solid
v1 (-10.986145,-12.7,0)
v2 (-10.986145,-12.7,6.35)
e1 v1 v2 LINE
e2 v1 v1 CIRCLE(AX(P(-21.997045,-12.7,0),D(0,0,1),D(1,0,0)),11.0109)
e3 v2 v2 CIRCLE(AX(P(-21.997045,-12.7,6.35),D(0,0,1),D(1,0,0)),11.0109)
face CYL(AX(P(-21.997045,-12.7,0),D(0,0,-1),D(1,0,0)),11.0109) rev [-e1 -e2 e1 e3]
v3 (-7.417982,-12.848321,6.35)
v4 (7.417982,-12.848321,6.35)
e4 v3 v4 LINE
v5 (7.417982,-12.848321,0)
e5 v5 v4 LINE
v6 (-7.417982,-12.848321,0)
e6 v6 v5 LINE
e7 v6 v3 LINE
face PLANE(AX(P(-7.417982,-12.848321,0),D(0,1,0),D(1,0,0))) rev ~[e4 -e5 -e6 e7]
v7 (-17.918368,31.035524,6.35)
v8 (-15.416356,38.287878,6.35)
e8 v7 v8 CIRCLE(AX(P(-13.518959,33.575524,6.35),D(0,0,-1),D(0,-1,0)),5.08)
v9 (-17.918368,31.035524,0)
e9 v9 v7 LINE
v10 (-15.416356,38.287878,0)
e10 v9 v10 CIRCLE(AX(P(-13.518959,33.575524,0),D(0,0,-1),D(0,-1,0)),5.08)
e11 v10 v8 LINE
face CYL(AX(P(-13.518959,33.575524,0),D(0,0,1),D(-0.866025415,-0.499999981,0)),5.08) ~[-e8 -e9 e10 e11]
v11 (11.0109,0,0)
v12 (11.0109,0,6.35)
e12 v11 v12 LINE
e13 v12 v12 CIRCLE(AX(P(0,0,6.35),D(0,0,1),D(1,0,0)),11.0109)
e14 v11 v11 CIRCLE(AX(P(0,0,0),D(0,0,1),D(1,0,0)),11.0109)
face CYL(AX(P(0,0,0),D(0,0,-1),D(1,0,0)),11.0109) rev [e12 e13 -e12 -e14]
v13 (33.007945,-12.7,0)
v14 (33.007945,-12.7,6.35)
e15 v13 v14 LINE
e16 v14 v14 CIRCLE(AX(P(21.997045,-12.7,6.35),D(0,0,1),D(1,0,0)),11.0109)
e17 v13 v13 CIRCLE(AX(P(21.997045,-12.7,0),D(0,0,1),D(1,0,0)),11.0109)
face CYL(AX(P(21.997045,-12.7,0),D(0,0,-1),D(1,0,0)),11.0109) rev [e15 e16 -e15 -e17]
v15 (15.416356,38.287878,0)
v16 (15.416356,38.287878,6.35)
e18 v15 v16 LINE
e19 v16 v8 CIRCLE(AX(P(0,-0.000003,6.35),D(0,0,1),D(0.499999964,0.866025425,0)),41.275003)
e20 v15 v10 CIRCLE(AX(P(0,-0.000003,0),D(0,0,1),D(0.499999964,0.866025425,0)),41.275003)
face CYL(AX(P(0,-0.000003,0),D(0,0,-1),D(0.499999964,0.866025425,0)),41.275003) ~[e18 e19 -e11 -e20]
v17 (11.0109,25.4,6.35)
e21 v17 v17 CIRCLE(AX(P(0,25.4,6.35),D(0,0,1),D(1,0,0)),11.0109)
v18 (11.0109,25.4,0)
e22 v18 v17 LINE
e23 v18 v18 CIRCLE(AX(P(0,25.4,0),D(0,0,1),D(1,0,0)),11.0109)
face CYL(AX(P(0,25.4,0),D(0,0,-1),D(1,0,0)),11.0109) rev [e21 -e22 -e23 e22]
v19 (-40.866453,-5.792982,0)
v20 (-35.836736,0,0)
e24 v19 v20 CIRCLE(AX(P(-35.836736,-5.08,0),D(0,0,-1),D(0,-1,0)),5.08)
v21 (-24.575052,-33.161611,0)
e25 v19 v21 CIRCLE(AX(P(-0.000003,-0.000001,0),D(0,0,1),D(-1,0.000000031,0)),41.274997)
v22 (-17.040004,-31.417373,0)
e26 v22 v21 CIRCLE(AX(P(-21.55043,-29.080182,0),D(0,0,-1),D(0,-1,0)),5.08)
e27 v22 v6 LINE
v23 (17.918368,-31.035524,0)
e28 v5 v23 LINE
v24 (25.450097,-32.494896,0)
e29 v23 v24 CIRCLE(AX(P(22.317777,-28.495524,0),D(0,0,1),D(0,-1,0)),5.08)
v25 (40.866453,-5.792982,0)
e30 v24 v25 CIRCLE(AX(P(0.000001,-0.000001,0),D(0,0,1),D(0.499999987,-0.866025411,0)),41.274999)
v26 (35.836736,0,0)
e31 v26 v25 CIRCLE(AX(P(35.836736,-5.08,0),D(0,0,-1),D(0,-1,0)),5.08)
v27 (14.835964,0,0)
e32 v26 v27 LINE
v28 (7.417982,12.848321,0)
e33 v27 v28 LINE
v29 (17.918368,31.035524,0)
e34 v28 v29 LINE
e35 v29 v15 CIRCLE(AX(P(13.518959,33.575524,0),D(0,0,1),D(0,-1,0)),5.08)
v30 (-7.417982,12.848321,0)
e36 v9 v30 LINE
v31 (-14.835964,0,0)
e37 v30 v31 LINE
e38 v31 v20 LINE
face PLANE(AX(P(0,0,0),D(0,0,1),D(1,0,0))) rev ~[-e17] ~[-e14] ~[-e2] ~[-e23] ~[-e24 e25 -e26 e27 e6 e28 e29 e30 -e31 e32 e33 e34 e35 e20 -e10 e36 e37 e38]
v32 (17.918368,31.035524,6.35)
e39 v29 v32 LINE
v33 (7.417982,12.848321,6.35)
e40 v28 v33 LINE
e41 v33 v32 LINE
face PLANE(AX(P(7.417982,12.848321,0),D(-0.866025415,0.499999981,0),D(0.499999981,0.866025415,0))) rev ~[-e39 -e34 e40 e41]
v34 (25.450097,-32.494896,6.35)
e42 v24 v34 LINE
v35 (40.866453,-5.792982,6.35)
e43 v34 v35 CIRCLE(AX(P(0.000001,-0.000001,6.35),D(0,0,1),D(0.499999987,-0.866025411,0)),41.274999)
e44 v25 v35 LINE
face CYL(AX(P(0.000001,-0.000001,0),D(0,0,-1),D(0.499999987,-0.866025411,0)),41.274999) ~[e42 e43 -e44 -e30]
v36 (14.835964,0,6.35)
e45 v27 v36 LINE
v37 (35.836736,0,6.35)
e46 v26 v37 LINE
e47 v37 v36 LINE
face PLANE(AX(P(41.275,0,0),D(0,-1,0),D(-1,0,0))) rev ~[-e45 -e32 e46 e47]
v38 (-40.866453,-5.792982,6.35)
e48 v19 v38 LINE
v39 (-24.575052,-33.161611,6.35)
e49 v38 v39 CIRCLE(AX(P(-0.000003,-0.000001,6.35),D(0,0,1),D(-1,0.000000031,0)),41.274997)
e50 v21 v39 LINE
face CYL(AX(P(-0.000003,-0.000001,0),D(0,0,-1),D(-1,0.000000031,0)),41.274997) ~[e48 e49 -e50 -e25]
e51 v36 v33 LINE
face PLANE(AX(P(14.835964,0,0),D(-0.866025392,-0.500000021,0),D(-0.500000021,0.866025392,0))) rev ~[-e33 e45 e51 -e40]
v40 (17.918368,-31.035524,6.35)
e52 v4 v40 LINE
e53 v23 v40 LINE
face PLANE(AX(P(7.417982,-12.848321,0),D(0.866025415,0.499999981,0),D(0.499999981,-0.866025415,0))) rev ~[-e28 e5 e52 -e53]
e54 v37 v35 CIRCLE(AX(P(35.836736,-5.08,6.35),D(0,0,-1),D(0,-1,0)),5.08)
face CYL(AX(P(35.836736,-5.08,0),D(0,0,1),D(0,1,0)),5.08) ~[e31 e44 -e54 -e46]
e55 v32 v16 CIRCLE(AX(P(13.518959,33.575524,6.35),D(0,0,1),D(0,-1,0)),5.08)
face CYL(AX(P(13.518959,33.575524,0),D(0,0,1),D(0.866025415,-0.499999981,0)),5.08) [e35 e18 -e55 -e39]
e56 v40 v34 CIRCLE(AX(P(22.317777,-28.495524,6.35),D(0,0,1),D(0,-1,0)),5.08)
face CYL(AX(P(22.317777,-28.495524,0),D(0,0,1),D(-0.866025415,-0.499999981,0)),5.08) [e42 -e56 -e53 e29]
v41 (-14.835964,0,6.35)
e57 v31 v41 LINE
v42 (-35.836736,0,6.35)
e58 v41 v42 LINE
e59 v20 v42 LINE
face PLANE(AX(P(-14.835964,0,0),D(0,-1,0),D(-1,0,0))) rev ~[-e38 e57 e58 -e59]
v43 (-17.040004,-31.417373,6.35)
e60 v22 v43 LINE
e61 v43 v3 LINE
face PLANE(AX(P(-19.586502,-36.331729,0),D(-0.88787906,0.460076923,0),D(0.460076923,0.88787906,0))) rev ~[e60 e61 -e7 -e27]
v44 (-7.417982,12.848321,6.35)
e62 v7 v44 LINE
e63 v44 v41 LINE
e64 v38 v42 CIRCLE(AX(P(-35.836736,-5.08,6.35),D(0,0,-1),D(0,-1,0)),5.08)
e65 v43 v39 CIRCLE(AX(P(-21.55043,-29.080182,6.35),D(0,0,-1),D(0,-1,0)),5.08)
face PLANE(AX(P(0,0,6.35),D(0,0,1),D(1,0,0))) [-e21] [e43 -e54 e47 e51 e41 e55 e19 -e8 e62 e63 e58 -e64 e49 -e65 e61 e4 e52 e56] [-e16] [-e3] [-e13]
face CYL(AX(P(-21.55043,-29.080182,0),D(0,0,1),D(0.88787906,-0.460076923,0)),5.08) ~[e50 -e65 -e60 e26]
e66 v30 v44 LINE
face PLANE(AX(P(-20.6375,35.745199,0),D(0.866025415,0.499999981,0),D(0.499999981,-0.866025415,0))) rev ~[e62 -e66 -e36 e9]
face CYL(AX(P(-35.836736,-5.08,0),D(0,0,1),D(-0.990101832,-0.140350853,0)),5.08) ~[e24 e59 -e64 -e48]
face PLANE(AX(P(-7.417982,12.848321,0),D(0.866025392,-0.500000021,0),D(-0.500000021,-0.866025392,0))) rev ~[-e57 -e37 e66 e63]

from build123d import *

# Parameters (mm, degrees)
F0_R     = 11.0109
F1_DEPTH = 6.35
F2_R     = 5.08
F3_R     = 5.08
F4_R     = 5.08
F5_R     = 5.08
F6_R     = 5.08
F7_R     = 5.08


with BuildPart() as f1:
    # F0 (on Top) → F1 (new body)
    with BuildSketch(Plane.XY):
        Polygon((7.417982, -12.848321), (14.835964, 0), (7.417982, 12.848321), (-7.417982, 12.848321), (-14.835964, 0), (-7.417982, -12.848321), align=None)
        Circle(F0_R, mode=Mode.SUBTRACT)
        with BuildLine():
            ThreePointArc((20.6375, -35.745199), (35.745199, -20.6375), (41.275, 0))
            Line((41.275, 0), (14.835964, 0))
            Line((14.835964, 0), (7.417982, -12.848321))
            Line((7.417982, -12.848321), (20.6375, -35.745199))
        make_face()
        with Locations((21.997045, -12.7)):
            Circle(F0_R, mode=Mode.SUBTRACT)
        with BuildLine():
            ThreePointArc((-41.275, 0), (-35.440503, -21.156474), (-19.586502, -36.331729))
            Line((-19.586502, -36.331729), (-7.417982, -12.848321))
            Line((-7.417982, -12.848321), (-14.835964, 0))
            Line((-14.835964, 0), (-41.275, 0))
        make_face()
        with Locations((-21.997045, -12.7)):
            Circle(F0_R, mode=Mode.SUBTRACT)
        with BuildLine():
            Line((7.417982, 12.848321), (20.6375, 35.745199))
            ThreePointArc((20.6375, 35.745199), (0, 41.275), (-20.6375, 35.745199))
            Line((-20.6375, 35.745199), (-7.417982, 12.848321))
            Line((-7.417982, 12.848321), (7.417982, 12.848321))
        make_face()
        with Locations((0, 25.4)):
            Circle(F0_R, mode=Mode.SUBTRACT)
    extrude(amount=F1_DEPTH)

    # F2
    f2_edges = [f1.edges().sort_by_distance(p)[0] for p in [
        (-19.586502, -36.331729, 3.175),
    ]]
    fillet(f2_edges, radius=F2_R)

    # F3
    f3_edges = [f1.edges().sort_by_distance(p)[0] for p in [
        (20.6375, -35.745199, 3.175),
    ]]
    fillet(f3_edges, radius=F3_R)

    # F4
    f4_edges = [f1.edges().sort_by_distance(p)[0] for p in [
        (-41.275, 0, 3.175),
    ]]
    fillet(f4_edges, radius=F4_R)

    # F5
    f5_edges = [f1.edges().sort_by_distance(p)[0] for p in [
        (-20.6375, 35.745199, 3.175),
    ]]
    fillet(f5_edges, radius=F5_R)

    # F6
    f6_edges = [f1.edges().sort_by_distance(p)[0] for p in [
        (41.275, 0, 3.175),
    ]]
    fillet(f6_edges, radius=F6_R)

    # F7
    f7_edges = [f1.edges().sort_by_distance(p)[0] for p in [
        (20.6375, 35.745199, 3.175),
    ]]
    fillet(f7_edges, radius=F7_R)


solid = f1.part
